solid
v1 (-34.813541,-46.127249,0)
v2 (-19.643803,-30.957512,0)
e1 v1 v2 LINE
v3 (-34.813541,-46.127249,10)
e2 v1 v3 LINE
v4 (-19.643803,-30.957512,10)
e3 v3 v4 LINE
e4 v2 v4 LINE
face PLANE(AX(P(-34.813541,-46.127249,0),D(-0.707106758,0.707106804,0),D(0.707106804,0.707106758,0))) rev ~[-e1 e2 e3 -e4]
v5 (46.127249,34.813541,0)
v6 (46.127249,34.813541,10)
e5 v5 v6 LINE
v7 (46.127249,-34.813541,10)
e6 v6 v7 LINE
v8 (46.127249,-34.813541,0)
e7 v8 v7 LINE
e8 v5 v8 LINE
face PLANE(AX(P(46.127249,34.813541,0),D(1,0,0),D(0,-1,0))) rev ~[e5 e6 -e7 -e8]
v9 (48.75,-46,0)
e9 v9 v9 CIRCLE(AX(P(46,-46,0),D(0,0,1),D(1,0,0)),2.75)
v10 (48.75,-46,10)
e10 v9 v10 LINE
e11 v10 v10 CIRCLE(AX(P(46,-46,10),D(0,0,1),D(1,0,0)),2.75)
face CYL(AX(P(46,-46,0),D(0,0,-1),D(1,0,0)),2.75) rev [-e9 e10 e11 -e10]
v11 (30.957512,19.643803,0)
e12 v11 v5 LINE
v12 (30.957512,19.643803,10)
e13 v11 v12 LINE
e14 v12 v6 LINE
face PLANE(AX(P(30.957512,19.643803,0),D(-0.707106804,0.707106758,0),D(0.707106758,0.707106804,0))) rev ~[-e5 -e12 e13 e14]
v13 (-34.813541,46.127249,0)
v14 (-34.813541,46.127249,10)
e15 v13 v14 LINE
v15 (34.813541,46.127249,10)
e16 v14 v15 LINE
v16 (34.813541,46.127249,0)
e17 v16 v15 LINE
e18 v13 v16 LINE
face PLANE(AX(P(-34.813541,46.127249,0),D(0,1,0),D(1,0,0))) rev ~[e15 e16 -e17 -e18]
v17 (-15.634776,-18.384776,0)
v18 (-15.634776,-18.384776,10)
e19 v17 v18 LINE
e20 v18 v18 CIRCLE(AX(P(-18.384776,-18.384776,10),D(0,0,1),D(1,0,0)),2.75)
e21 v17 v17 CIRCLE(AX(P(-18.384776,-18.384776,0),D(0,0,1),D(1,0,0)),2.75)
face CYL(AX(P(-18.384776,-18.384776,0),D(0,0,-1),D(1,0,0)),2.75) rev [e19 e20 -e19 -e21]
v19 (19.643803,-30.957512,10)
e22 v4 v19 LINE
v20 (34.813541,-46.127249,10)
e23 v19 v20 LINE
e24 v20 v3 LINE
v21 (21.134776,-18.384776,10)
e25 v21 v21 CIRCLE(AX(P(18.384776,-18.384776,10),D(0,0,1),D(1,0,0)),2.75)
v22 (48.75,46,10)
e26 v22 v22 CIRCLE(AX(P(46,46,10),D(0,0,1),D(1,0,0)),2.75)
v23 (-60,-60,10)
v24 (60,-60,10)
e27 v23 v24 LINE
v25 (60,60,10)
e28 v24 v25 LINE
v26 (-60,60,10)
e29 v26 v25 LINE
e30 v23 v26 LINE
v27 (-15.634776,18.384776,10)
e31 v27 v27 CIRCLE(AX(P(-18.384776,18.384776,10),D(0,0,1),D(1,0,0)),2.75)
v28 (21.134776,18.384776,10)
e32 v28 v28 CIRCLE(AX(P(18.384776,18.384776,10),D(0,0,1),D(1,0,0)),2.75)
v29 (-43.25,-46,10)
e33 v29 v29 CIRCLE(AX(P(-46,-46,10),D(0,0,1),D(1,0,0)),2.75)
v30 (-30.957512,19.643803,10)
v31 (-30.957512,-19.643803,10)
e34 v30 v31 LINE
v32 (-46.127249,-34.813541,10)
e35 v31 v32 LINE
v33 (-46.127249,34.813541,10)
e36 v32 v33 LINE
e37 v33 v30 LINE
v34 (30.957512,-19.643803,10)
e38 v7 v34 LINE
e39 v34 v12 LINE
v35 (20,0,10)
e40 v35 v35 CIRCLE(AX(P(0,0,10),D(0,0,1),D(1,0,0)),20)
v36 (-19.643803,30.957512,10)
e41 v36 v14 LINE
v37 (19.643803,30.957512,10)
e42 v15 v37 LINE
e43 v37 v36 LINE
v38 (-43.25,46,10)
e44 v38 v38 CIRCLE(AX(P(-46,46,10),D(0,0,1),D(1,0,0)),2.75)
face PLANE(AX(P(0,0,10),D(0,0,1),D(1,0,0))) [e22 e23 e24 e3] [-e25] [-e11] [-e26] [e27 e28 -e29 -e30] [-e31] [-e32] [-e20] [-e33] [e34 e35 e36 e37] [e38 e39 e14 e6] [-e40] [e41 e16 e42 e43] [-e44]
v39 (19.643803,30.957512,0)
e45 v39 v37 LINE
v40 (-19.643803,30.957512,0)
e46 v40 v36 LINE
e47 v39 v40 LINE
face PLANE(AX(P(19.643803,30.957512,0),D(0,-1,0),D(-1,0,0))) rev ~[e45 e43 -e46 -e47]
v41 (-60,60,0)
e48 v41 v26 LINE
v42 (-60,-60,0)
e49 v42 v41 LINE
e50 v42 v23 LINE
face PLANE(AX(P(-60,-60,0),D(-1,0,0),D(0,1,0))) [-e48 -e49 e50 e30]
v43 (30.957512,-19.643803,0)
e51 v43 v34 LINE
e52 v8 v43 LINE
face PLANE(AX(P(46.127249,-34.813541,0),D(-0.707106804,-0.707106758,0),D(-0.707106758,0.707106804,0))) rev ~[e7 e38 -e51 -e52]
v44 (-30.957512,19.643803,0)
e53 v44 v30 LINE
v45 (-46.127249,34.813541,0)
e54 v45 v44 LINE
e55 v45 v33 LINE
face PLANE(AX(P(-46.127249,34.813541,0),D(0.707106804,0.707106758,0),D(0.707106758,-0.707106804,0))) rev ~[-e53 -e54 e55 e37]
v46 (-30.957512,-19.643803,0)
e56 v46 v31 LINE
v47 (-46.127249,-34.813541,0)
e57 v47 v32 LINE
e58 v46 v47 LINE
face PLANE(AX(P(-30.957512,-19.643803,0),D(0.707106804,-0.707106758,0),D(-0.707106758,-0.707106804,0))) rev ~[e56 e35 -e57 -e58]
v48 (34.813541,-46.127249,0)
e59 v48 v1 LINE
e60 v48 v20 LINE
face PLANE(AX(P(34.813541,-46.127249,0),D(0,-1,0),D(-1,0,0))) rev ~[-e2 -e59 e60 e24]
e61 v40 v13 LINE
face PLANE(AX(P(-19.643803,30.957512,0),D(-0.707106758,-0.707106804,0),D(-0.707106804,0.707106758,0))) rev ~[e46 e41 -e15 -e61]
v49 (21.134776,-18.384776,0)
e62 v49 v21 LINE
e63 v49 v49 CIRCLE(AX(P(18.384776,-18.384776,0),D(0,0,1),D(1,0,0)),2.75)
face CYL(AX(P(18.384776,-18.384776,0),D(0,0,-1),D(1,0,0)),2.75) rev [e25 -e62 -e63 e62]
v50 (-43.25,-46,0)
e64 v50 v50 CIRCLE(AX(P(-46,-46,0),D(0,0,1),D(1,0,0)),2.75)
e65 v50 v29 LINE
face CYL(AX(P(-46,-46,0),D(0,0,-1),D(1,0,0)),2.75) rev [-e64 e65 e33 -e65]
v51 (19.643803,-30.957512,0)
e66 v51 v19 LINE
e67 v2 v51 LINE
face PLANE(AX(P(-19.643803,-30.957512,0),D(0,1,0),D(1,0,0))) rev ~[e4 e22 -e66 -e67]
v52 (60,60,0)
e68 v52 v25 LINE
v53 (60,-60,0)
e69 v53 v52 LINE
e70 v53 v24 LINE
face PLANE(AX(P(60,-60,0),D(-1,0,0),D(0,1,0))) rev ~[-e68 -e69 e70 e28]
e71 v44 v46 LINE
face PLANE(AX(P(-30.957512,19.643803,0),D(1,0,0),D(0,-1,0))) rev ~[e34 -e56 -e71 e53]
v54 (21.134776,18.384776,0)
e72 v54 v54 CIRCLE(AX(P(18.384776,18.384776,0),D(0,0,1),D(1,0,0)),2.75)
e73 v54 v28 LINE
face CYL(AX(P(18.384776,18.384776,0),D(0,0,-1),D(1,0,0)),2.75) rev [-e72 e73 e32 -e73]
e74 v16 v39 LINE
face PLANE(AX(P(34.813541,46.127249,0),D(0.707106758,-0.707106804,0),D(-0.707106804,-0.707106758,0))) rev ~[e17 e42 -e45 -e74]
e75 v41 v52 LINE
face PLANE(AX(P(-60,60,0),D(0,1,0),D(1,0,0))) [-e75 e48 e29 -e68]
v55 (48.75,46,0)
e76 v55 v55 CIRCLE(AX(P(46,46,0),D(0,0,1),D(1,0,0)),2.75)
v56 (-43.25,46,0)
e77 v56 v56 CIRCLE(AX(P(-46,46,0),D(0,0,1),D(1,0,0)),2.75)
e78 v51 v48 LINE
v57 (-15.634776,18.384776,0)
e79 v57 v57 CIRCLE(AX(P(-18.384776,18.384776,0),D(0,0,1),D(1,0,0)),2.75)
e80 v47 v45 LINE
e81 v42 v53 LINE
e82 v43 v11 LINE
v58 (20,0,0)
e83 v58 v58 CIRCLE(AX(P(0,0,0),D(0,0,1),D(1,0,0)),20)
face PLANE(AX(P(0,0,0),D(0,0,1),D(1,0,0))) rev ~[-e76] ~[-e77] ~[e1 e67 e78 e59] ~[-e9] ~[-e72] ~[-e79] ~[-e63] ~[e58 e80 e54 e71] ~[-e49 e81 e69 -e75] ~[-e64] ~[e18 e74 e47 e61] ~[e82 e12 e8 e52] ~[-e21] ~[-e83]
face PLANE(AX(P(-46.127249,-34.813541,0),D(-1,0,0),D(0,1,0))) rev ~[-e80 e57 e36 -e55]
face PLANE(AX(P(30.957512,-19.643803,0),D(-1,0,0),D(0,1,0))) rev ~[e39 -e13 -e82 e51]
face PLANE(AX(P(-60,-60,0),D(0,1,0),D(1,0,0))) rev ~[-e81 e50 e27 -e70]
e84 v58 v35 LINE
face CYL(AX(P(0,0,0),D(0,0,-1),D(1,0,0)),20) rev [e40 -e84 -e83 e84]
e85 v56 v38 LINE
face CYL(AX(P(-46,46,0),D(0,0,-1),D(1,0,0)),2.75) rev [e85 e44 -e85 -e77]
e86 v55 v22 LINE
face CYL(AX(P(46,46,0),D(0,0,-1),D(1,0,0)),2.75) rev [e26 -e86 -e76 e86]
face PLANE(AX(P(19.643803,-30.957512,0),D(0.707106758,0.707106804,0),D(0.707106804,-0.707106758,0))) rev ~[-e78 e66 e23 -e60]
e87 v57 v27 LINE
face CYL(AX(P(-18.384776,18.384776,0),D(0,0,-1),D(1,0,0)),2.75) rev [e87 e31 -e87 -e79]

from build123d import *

# Parameters (mm, degrees)
F0_W     = 120
F0_H     = 120
F0_R     = 2.75
F0_R_2   = 20
F1_DEPTH = 10


with BuildPart() as f1:
    # F0 (on Top) → F1 (new body)
    with BuildSketch(Plane.XY):
        Rectangle(F0_W, F0_H)
        with Locations((-46, -46)):
            Circle(F0_R, mode=Mode.SUBTRACT)
        with Locations((-18.384776, -18.384776)):
            Circle(F0_R, mode=Mode.SUBTRACT)
        Polygon((-19.643803, -30.957512), (19.643803, -30.957512), (34.813541, -46.127249), (-34.813541, -46.127249), align=None, mode=Mode.SUBTRACT)
        with Locations((46, -46)):
            Circle(F0_R, mode=Mode.SUBTRACT)
        with Locations((18.384776, -18.384776)):
            Circle(F0_R, mode=Mode.SUBTRACT)
        Polygon((-46.127249, 34.813541), (-30.957512, 19.643803), (-30.957512, -19.643803), (-46.127249, -34.813541), align=None, mode=Mode.SUBTRACT)
        with Locations((-18.384776, 18.384776)):
            Circle(F0_R, mode=Mode.SUBTRACT)
        with Locations((-46, 46)):
            Circle(F0_R, mode=Mode.SUBTRACT)
        Circle(F0_R_2, mode=Mode.SUBTRACT)
        with Locations((18.384776, 18.384776)):
            Circle(F0_R, mode=Mode.SUBTRACT)
        Polygon((30.957512, -19.643803), (30.957512, 19.643803), (46.127249, 34.813541), (46.127249, -34.813541), align=None, mode=Mode.SUBTRACT)
        Polygon((19.643803, 30.957512), (-19.643803, 30.957512), (-34.813541, 46.127249), (34.813541, 46.127249), align=None, mode=Mode.SUBTRACT)
        with Locations((46, 46)):
            Circle(F0_R, mode=Mode.SUBTRACT)
    extrude(amount=F1_DEPTH)


solid = f1.part
